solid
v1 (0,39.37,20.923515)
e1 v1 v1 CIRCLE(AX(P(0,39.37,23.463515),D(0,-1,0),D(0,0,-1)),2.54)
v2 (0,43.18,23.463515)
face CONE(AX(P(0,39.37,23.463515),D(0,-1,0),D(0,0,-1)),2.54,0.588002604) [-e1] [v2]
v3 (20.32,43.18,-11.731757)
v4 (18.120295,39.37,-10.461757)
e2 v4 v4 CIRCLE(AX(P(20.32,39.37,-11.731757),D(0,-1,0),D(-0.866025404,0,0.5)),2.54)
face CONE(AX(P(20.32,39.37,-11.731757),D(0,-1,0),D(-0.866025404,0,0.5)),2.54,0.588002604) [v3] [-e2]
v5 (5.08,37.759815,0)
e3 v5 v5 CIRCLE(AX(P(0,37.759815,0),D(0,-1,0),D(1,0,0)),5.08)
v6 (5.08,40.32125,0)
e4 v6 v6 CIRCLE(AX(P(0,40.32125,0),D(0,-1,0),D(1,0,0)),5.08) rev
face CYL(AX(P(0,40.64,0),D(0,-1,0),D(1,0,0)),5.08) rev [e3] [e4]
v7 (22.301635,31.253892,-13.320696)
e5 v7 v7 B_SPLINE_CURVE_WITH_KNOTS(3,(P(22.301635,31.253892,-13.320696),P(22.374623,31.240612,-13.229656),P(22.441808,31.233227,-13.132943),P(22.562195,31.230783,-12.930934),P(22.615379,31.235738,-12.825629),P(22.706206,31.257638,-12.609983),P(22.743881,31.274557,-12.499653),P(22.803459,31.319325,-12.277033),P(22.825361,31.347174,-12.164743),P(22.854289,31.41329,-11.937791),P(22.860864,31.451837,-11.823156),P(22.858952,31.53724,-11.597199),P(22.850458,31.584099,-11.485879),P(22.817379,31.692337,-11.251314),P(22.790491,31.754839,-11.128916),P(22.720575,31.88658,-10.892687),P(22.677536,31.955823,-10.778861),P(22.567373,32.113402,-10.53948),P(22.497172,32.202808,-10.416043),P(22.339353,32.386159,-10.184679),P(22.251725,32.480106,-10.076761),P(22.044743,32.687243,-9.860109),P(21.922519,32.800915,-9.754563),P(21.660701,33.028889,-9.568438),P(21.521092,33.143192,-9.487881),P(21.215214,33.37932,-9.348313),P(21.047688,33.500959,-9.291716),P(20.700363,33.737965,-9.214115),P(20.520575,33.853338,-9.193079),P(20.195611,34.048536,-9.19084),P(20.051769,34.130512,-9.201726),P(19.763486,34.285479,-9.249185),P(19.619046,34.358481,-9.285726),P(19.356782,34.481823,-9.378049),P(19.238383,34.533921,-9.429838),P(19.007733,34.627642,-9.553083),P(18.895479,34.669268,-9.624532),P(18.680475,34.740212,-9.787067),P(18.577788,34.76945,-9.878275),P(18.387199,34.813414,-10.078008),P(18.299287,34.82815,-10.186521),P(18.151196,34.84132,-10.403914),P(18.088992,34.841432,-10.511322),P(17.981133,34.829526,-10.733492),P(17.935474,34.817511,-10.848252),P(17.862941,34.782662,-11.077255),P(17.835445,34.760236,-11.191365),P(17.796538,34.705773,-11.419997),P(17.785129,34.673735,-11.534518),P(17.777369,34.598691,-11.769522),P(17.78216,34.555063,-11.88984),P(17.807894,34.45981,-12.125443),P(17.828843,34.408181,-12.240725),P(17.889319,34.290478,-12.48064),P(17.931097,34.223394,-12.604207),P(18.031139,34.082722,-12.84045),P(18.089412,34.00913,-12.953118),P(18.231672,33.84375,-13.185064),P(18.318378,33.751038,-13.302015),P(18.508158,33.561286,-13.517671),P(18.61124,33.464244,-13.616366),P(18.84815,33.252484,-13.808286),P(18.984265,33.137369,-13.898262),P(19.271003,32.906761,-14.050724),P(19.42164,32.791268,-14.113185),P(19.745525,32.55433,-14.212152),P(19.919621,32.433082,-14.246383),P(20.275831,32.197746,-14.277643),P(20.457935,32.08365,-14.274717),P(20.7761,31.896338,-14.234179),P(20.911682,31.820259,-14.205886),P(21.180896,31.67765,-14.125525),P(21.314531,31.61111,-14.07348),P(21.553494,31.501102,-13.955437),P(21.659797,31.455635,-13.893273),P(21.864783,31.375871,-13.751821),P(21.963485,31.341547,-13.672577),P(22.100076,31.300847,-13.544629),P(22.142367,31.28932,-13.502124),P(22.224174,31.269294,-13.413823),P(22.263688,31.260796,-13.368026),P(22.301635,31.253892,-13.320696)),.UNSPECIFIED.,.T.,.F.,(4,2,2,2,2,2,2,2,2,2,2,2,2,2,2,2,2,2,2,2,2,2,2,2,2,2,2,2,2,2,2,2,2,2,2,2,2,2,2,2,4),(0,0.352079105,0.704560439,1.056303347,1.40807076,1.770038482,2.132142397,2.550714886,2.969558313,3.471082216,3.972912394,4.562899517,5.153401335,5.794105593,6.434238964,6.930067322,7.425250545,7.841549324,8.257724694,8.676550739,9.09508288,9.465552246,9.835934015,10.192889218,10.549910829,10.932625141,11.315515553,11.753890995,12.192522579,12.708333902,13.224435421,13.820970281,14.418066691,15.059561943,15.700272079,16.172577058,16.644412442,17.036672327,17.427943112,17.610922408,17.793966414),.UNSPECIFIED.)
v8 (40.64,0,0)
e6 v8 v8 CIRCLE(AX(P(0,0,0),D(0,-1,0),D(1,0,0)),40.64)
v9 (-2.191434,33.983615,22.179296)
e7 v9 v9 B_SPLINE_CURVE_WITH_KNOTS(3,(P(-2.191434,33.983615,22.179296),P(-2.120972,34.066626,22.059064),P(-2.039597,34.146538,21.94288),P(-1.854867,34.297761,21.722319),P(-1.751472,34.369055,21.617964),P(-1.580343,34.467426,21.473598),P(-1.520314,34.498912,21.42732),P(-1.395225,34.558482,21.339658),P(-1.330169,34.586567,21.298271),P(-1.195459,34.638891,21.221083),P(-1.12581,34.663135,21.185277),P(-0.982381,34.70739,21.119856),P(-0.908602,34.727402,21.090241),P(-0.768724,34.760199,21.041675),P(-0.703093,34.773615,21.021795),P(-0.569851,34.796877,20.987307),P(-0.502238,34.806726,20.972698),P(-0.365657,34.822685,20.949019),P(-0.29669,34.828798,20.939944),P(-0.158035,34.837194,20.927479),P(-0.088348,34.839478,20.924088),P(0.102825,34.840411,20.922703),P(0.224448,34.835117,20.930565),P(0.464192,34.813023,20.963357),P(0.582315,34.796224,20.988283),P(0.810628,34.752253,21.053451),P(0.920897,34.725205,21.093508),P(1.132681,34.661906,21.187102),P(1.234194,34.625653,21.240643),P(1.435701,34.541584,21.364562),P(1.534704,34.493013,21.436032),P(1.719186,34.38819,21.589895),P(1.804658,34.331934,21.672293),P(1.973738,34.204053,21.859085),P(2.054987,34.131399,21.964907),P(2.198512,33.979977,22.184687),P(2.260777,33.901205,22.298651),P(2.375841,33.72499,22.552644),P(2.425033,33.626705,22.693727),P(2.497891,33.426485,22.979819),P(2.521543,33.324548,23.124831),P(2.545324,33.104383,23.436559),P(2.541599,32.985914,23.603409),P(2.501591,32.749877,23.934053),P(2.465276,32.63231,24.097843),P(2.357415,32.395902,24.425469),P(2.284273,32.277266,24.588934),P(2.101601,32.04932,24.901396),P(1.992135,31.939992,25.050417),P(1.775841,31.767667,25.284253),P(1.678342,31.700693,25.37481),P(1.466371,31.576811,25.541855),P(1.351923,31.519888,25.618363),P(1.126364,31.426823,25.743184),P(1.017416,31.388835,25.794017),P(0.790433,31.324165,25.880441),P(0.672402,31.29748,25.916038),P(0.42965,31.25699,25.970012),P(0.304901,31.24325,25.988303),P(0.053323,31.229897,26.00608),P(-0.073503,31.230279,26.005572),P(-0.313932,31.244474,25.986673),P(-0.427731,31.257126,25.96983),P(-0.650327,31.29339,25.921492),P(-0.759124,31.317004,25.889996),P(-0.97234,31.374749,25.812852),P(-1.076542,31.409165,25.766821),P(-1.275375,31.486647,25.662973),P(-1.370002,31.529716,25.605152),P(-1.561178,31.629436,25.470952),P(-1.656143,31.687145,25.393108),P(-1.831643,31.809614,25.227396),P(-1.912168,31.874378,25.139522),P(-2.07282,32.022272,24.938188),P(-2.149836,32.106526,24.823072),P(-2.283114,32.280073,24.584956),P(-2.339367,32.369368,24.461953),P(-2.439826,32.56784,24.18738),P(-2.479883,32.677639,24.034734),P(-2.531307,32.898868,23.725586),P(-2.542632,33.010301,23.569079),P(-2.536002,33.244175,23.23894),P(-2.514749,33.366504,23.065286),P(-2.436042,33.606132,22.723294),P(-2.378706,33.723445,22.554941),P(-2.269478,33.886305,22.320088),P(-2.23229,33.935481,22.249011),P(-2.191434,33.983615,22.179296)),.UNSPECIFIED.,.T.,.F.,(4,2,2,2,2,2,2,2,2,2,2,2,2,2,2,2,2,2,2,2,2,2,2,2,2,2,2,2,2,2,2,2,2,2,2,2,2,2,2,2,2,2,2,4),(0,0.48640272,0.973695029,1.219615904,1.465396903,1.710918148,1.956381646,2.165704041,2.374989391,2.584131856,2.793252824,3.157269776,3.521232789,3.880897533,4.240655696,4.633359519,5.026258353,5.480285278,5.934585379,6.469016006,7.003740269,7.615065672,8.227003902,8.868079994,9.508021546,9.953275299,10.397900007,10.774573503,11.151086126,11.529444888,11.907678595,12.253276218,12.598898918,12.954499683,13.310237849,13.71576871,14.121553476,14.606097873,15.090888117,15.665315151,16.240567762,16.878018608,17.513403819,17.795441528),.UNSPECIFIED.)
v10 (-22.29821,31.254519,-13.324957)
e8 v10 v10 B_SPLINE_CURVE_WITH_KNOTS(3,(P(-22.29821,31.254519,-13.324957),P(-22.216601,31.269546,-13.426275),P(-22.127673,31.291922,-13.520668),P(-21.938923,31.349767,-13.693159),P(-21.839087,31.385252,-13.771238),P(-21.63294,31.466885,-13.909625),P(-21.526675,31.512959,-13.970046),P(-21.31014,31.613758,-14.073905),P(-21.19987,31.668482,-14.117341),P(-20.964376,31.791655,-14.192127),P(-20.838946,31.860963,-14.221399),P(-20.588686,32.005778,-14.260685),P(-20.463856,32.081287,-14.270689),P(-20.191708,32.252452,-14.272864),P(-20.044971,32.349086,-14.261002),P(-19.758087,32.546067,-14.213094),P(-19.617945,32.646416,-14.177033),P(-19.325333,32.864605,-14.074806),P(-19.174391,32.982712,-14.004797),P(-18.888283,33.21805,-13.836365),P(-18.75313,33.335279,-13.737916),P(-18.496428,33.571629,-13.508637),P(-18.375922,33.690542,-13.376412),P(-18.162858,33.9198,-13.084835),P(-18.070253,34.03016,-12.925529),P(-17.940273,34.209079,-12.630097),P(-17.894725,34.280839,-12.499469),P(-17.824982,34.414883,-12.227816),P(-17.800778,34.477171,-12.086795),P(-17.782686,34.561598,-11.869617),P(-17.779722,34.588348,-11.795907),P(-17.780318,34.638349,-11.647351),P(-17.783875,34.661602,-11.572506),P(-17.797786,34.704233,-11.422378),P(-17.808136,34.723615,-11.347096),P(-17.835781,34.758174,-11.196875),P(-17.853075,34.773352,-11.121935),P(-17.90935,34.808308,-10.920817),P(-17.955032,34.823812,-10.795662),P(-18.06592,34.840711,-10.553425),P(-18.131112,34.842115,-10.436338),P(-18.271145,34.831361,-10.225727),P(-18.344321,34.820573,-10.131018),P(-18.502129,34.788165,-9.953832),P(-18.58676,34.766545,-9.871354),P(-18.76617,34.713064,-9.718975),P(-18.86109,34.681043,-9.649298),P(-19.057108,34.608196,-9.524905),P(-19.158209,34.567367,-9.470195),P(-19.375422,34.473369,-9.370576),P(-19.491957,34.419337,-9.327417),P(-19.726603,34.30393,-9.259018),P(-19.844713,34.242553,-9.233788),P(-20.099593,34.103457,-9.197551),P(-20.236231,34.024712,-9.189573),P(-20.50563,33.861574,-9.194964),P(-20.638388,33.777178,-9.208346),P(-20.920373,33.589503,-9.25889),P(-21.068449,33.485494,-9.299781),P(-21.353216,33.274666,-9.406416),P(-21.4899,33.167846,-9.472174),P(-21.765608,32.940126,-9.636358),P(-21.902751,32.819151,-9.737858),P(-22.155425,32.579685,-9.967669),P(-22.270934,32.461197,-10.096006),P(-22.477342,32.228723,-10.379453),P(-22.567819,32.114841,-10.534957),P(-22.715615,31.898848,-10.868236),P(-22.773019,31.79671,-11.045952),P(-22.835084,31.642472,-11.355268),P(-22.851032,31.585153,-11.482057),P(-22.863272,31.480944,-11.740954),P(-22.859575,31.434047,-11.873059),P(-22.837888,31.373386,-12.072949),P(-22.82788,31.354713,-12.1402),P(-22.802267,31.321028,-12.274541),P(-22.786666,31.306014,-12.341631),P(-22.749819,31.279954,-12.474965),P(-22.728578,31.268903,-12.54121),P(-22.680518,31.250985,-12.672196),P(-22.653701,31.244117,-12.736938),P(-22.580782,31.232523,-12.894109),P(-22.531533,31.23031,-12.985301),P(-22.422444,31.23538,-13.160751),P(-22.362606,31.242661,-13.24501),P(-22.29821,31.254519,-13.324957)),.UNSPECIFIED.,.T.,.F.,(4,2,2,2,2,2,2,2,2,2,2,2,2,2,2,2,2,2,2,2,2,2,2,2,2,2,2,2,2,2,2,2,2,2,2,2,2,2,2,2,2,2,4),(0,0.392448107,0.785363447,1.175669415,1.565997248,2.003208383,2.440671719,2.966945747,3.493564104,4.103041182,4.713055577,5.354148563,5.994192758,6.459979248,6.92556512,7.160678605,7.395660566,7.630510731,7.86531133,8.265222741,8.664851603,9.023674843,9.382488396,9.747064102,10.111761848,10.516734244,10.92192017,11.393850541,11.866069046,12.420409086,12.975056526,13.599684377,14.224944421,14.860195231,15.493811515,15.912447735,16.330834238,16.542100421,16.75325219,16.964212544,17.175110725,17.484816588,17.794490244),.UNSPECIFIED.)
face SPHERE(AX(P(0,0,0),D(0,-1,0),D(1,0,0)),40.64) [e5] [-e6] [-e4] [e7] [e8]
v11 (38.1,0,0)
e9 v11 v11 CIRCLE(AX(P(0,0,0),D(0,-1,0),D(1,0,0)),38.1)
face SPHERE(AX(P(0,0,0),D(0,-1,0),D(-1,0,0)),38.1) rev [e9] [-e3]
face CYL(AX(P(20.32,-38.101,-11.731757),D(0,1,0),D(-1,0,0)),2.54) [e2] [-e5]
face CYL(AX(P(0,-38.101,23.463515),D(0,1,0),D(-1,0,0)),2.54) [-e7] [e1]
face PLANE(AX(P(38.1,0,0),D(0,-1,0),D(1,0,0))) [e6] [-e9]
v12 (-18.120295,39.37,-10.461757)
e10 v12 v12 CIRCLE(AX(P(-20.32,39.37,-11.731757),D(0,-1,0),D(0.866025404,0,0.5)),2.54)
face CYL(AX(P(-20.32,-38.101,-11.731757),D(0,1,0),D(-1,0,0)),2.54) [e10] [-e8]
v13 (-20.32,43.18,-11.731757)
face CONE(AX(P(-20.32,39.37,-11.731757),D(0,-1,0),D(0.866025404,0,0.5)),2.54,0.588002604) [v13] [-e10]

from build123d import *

# Parameters (mm, degrees)
EXTRUDE1_REACH    = 41.37
SKETCH2_R         = 2.54
SKETCH4_R         = 5.08
EXTRUDE3_DEPTH    = 41.64
CIRPATTERN1_COUNT = 3


with BuildPart() as part:
    # Sketch1 → Revolve1 (revolve)
    with BuildSketch(Plane.XY):
        with BuildLine():
            Line((38.1, 0), (40.64, 0))
            ThreePointArc((40.64, 0), (28.736819587, 28.736819587), (0, 40.64))
            Line((0, 40.64), (0, 38.1))
            ThreePointArc((0, 38.1), (26.940768363, 26.940768363), (38.1, 0))
        make_face()
    revolve(axis=Axis((0, 38.1, 0), (0, 1, 0)))

    # Sketch2 → Extrude1 (add, up to next)
    with BuildSketch(Plane.XZ.offset(-39.37), mode=Mode.PRIVATE) as extrude1_sk1:
        with Locations((0, 23.46351494)):
            Circle(SKETCH2_R)
    extrude1_tool1 = extrude(extrude1_sk1.sketch, amount=EXTRUDE1_REACH, mode=Mode.PRIVATE) - part.part
    add(extrude1_tool1.solids().sort_by_distance((0, 39.37, 23.463515))[0])
    # Sketch2 → Extrude1 (add, up to next)
    with BuildSketch(Plane.XZ.offset(-39.37), mode=Mode.PRIVATE) as extrude1_sk2:
        with Locations((-20.32, -11.73175747)):
            Circle(SKETCH2_R)
    extrude1_tool2 = extrude(extrude1_sk2.sketch, amount=EXTRUDE1_REACH, mode=Mode.PRIVATE) - part.part
    add(extrude1_tool2.solids().sort_by_distance((-20.32, 39.37, -11.731757))[0])
    # Sketch2 → Extrude1 (add, up to next)
    with BuildSketch(Plane.XZ.offset(-39.37), mode=Mode.PRIVATE) as extrude1_sk3:
        with Locations((20.32, -11.73175747)):
            Circle(SKETCH2_R)
    extrude1_tool3 = extrude(extrude1_sk3.sketch, amount=EXTRUDE1_REACH, mode=Mode.PRIVATE) - part.part
    add(extrude1_tool3.solids().sort_by_distance((20.32, 39.37, -11.731757))[0])

    # Sketch4 → Extrude3 (cut, through all)
    with BuildSketch(Plane.XZ):
        Circle(SKETCH4_R)
    extrude(amount=-EXTRUDE3_DEPTH, mode=Mode.SUBTRACT)

    # Sketch5 → Revolve2 (revolve)
    with BuildSketch(Plane(origin=(0, 0, 0), x_dir=(0, 0, -1), z_dir=(1, 0, 0))):
        Polygon((-20.92351494, 39.37), (-23.46351494, 43.18), (-23.46351494, 39.37), align=None)
    revolve2 = revolve(axis=Axis((0, 39.37, 23.46351494), (0, 1, 0)))

    # CirPattern1: Revolve2 ×3 about axis
    cirpattern1_axis = Axis((0, 0, 0), (0, 1, 0))
    for i in range(1, CIRPATTERN1_COUNT):
        add(revolve2.rotate(cirpattern1_axis, i * 360 / CIRPATTERN1_COUNT))


solid = part.part
